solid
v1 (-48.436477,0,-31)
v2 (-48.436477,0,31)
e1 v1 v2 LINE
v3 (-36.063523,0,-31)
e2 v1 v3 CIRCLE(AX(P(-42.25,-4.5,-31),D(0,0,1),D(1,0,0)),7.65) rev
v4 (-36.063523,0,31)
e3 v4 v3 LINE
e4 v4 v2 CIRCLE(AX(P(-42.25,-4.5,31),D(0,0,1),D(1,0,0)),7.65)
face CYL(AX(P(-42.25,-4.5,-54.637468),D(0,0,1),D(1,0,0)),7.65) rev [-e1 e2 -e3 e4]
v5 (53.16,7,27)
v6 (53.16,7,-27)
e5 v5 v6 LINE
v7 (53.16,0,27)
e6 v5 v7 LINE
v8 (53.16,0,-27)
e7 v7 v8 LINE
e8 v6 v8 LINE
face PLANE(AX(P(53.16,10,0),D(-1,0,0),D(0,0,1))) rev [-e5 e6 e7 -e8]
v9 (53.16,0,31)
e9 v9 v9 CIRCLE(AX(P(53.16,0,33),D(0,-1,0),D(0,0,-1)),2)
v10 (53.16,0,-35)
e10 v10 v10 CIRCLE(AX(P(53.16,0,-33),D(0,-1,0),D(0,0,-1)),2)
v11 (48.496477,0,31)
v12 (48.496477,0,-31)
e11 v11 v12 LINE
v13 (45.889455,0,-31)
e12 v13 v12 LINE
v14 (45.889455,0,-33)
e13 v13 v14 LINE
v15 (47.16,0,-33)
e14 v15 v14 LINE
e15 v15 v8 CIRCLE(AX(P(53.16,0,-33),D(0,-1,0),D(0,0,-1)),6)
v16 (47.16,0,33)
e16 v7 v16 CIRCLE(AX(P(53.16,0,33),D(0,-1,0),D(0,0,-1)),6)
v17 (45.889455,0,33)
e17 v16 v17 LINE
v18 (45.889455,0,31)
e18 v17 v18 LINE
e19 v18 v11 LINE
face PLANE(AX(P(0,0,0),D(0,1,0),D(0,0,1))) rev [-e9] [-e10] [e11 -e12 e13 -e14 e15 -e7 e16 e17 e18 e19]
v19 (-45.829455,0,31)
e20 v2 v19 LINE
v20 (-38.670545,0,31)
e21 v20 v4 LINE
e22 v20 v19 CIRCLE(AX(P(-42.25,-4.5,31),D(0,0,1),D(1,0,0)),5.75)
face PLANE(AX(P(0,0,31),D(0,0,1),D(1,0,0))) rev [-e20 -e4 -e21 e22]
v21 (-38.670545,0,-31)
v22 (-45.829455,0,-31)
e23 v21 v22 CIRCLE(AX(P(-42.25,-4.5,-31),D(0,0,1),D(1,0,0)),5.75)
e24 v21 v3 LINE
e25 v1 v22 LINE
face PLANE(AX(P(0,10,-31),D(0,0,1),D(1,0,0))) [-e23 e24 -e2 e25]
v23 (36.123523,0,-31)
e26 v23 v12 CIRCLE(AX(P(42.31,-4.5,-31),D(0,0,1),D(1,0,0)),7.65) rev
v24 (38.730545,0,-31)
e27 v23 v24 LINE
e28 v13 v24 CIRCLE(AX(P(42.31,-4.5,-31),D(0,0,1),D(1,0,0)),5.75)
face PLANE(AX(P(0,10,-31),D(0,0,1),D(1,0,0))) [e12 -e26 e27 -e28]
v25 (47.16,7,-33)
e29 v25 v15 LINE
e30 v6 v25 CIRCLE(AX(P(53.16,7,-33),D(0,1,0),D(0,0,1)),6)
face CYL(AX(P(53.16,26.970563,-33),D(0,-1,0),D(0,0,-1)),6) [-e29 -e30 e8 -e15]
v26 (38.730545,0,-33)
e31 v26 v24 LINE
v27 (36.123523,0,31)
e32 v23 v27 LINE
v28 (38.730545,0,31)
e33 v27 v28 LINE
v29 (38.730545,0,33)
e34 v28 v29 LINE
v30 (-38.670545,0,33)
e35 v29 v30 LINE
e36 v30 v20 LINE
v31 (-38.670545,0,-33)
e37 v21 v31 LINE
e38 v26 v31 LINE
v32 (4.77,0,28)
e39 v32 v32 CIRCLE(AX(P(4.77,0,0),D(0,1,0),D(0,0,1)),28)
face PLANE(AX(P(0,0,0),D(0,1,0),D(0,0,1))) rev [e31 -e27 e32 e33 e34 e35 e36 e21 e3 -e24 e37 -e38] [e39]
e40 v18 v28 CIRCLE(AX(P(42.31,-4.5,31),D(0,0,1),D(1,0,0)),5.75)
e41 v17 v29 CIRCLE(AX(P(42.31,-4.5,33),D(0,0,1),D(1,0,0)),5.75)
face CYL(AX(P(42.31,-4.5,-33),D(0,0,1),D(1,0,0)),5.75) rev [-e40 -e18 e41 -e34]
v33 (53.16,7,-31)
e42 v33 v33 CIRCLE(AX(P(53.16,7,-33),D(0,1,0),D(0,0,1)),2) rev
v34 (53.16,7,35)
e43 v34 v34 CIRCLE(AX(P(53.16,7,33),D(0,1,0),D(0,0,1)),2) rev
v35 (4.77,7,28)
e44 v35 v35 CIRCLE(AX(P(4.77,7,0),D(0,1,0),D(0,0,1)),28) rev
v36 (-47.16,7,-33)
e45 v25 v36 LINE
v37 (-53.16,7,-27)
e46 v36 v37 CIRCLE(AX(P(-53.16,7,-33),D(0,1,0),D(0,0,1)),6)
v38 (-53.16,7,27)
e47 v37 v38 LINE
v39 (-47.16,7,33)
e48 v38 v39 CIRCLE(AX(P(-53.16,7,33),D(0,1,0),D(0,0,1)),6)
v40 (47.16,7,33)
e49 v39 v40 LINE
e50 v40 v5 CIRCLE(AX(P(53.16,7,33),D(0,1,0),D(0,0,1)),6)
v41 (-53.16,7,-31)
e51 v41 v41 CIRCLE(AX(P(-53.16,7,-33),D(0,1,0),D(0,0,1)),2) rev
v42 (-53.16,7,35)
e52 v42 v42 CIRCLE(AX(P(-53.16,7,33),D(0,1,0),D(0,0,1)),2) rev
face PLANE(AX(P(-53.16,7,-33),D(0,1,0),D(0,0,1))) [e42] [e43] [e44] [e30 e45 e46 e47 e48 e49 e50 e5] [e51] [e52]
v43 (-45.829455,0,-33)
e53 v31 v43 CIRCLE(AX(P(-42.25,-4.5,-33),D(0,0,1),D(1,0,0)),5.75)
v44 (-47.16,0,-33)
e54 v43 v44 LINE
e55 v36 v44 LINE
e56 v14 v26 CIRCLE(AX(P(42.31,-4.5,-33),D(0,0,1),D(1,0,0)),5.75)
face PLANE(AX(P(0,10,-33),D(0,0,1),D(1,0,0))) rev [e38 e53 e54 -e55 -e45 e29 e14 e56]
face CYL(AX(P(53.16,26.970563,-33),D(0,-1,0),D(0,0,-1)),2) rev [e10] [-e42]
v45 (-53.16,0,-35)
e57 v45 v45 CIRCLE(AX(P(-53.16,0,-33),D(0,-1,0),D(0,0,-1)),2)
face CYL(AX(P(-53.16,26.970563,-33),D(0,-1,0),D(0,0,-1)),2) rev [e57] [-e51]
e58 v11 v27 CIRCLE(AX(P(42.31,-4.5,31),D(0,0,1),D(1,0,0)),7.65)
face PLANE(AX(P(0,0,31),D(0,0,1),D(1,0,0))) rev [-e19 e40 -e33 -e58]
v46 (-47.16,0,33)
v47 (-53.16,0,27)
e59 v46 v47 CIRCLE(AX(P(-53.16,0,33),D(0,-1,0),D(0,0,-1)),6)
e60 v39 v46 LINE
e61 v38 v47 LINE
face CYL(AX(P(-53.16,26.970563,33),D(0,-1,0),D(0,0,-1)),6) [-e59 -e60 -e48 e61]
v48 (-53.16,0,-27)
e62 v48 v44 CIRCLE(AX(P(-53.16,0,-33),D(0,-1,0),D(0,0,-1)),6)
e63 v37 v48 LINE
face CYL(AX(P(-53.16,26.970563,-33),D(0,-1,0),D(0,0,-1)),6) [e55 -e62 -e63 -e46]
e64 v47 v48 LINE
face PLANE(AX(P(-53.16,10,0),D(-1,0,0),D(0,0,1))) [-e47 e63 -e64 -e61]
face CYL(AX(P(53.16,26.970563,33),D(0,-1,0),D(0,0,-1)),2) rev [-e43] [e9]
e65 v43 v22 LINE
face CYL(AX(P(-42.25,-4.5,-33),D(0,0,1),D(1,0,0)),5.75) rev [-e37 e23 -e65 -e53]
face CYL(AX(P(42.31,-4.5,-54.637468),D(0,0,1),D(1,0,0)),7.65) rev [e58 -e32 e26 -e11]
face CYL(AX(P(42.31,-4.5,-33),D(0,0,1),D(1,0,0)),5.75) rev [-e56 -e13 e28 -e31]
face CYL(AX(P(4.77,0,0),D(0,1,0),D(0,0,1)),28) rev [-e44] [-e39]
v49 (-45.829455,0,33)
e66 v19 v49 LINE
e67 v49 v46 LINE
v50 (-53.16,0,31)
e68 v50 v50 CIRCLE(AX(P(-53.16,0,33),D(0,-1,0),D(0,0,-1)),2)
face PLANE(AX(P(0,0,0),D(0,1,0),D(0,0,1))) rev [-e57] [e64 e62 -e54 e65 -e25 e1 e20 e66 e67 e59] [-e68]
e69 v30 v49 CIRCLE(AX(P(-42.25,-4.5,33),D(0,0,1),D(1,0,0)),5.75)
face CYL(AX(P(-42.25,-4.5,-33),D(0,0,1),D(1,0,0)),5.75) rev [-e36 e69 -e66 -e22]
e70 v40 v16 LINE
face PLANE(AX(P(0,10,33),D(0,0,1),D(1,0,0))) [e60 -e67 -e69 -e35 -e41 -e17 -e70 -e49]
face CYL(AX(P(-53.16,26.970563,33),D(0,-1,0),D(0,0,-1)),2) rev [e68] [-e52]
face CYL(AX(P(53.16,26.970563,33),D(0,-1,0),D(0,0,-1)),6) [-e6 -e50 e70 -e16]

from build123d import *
from build123d.topology import SkipClean

# Parameters (mm, degrees)
SKETCH1_W               = 21.76
SKETCH1_H               = 66
SKETCH1_W_2             = 62.8
BOSS_EXTRUDE1_DEPTH     = 10
SKETCH1_5_W             = 62.8
SKETCH1_5_H             = 66
CUT_EXTRUDE1_DEPTH      = 5
SKETCH3_R               = 7.65
SKETCH3_R_2             = 5.75
CUT_EXTRUDE2_DEPTH      = 62
CUT_EXTRUDE3_DEPTH      = 84.797288739
CUT_EXTRUDE3_DEPTH_BACK = 84.797288739
SKETCH3_3_R             = 5.75
BOSS_EXTRUDE2_DEPTH     = 10
CUT_EXTRUDE4_DEPTH      = 72.560503073
SKETCH5_R               = 28
CUT_EXTRUDE5_DEPTH      = 72.560503073
BOSS_EXTRUDE3_DEPTH     = 5
CUT_EXTRUDE6_START      = -3
CUT_EXTRUDE6_DEPTH      = 3


with BuildPart() as part:
    # Sketch1 → Boss-Extrude1 (new body)
    with BuildSketch(Plane(origin=(0, 0, 0), x_dir=(1, 0, 0), z_dir=(0, 1, 0))):
        with Locations((-42.28, 0)):
            Rectangle(SKETCH1_W, SKETCH1_H)
        Rectangle(SKETCH1_W_2, SKETCH1_H)
        with Locations((42.28, 0)):
            Rectangle(SKETCH1_W, SKETCH1_H)
    extrude(amount=BOSS_EXTRUDE1_DEPTH)

    # Sketch1<5> → Cut-Extrude1 (cut)
    with BuildSketch(Plane(origin=(0, 0, 0), x_dir=(1, 0, 0), z_dir=(0, 1, 0))):
        Rectangle(SKETCH1_5_W, SKETCH1_5_H)
    extrude(amount=CUT_EXTRUDE1_DEPTH, mode=Mode.SUBTRACT)

    # Sketch3 → Cut-Extrude2 (cut)
    # profile 1 of 4: a face of its own
    with BuildSketch(Plane.XY.offset(31)):
        with Locations((-42.25, -4.5)):
            Circle(SKETCH3_R)
        with Locations((-42.25, -4.5)):
            Circle(SKETCH3_R_2, mode=Mode.SUBTRACT)
    # profile 2 of 4: a face of its own
    with BuildSketch(Plane.XY.offset(31)):
        with Locations((-42.25, -4.5)):
            Circle(SKETCH3_R_2)
    # profile 3 of 4: a face of its own
    with BuildSketch(Plane.XY.offset(31)):
        with Locations((42.31, -4.5)):
            Circle(SKETCH3_R)
        with Locations((42.31, -4.5)):
            Circle(SKETCH3_R_2, mode=Mode.SUBTRACT)
    # profile 4 of 4: a face of its own
    with BuildSketch(Plane.XY.offset(31)):
        with Locations((42.31, -4.5)):
            Circle(SKETCH3_R_2)
    extrude(amount=-CUT_EXTRUDE2_DEPTH, mode=Mode.SUBTRACT)

    # Sketch3<3> → Cut-Extrude3 (cut, two sides: drawn at the far end of the back side and taken through both)
    with BuildSketch(Plane.XY.offset(31).offset(-CUT_EXTRUDE3_DEPTH_BACK)):
        with Locations((42.31, -4.5)):
            Circle(SKETCH3_3_R)
        with Locations((-42.25, -4.5)):
            Circle(SKETCH3_3_R)
    extrude(amount=CUT_EXTRUDE3_DEPTH + CUT_EXTRUDE3_DEPTH_BACK, mode=Mode.SUBTRACT)

    # Sketch4 → Boss-Extrude2 (add)
    with BuildSketch(Plane.XZ):
        with BuildLine():
            Line((-51.16, 33), (-47.16, 33))
            ThreePointArc((-47.16, 33), (-57.402640687, 37.242640687), (-53.16, 27))
            Line((-53.16, 27), (-53.16, 31))
            ThreePointArc((-53.16, 31), (-54.574213562, 34.414213562), (-51.16, 33))
        make_face()
        with BuildLine():
            ThreePointArc((-53.16, -27), (-57.402640687, -37.242640687), (-47.16, -33))
            Line((-47.16, -33), (-51.16, -33))
            ThreePointArc((-51.16, -33), (-54.574213562, -34.414213562), (-53.16, -31))
            Line((-53.16, -31), (-53.16, -27))
        make_face()
        with BuildLine():
            ThreePointArc((47.16, -33), (57.402640687, -37.242640687), (53.16, -27))
            Line((53.16, -27), (53.16, -31))
            ThreePointArc((53.16, -31), (54.574213562, -34.414213562), (51.16, -33))
            Line((51.16, -33), (47.16, -33))
        make_face()
        with BuildLine():
            ThreePointArc((53.16, 27), (57.402640687, 37.242640687), (47.16, 33))
            Line((47.16, 33), (51.16, 33))
            ThreePointArc((51.16, 33), (54.574213562, 34.414213562), (53.16, 31))
            Line((53.16, 31), (53.16, 27))
        make_face()
    extrude(amount=-BOSS_EXTRUDE2_DEPTH)

    # Sketch4<3> → Cut-Extrude4 (cut, through all)
    with SkipClean():  # the faces are left unmerged after this step: merging them gives an invalid solid
        with BuildSketch(Plane.XZ):
            with BuildLine():
                ThreePointArc((51.16, 33), (51.745786438, 31.585786438), (53.16, 31))
                Line((53.16, 31), (53.16, 33))
                Line((53.16, 33), (51.16, 33))
            make_face()
            with BuildLine():
                Line((53.16, 33), (53.16, 31))
                ThreePointArc((53.16, 31), (54.574213562, 31.585786438), (55.16, 33))
                ThreePointArc((55.16, 33), (53.16, 35), (51.16, 33))
                Line((51.16, 33), (53.16, 33))
            make_face()
            with BuildLine():
                ThreePointArc((55.16, -33), (54.574213562, -31.585786438), (53.16, -31))
                Line((53.16, -31), (53.16, -33))
                Line((53.16, -33), (51.16, -33))
                ThreePointArc((51.16, -33), (53.16, -35), (55.16, -33))
            make_face()
            with BuildLine():
                Line((53.16, -33), (53.16, -31))
                ThreePointArc((53.16, -31), (51.745786438, -31.585786438), (51.16, -33))
                Line((51.16, -33), (53.16, -33))
            make_face()
            with BuildLine():
                ThreePointArc((-53.16, -31), (-54.574213562, -34.414213562), (-51.16, -33))
                Line((-51.16, -33), (-53.16, -33))
                Line((-53.16, -33), (-53.16, -31))
            make_face()
            with BuildLine():
                Line((-53.16, -33), (-51.16, -33))
                ThreePointArc((-51.16, -33), (-51.745786438, -31.585786438), (-53.16, -31))
                Line((-53.16, -31), (-53.16, -33))
            make_face()
            with BuildLine():
                ThreePointArc((-53.16, 31), (-51.745786438, 31.585786438), (-51.16, 33))
                Line((-51.16, 33), (-53.16, 33))
                Line((-53.16, 33), (-53.16, 31))
            make_face()
            with BuildLine():
                Line((-53.16, 33), (-51.16, 33))
                ThreePointArc((-51.16, 33), (-54.574213562, 34.414213562), (-53.16, 31))
                Line((-53.16, 31), (-53.16, 33))
            make_face()
        extrude(amount=-CUT_EXTRUDE4_DEPTH, mode=Mode.SUBTRACT)

    # Sketch5 → Cut-Extrude5 (cut, through all)
    with SkipClean():  # the faces are left unmerged after this step: merging them gives an invalid solid
        with BuildSketch(Plane(origin=(0, 10, 0), x_dir=(1, 0, 0), z_dir=(0, 1, 0))):
            with Locations(Location((4.77, 0, 0), (0, 0, 270))):
                Circle(SKETCH5_R)
        extrude(amount=-CUT_EXTRUDE5_DEPTH, mode=Mode.SUBTRACT)

    # Sketch6 → Boss-Extrude3 (add)
    with SkipClean():  # the faces are left unmerged after this step: merging them gives an invalid solid
        with BuildSketch(Plane.XZ.offset(-5)):
            with BuildLine():
                Line((31.4, -33), (31.4, -8.651190669))
                ThreePointArc((31.4, -8.651190669), (-23.23, 0), (31.4, 8.651190669))
                Line((31.4, 8.651190669), (31.4, 33))
                Line((31.4, 33), (-31.4, 33))
                Line((-31.4, 33), (-31.4, -33))
                Line((-31.4, -33), (31.4, -33))
            make_face()
        extrude(amount=BOSS_EXTRUDE3_DEPTH)

    # Sketch8 → Cut-Extrude6 (cut)
    with SkipClean():  # the faces are left unmerged after this step: merging them gives an invalid solid
        with BuildSketch(Plane(origin=(0, 10, 0), x_dir=(1, 0, 0), z_dir=(0, 1, 0)).offset(CUT_EXTRUDE6_START)):
            with BuildLine():
                Line((-53.16, 27), (-53.16, -27))
                ThreePointArc((-53.16, -27), (-57.402640687, -37.242640687), (-47.16, -33))
                Line((-47.16, -33), (47.16, -33))
                ThreePointArc((47.16, -33), (57.402640687, -37.242640687), (53.16, -27))
                Line((53.16, -27), (53.16, 27))
                ThreePointArc((53.16, 27), (57.402640687, 37.242640687), (47.16, 33))
                Line((47.16, 33), (-47.16, 33))
                ThreePointArc((-47.16, 33), (-57.402640687, 37.242640687), (-53.16, 27))
            make_face()
        extrude(amount=CUT_EXTRUDE6_DEPTH, mode=Mode.SUBTRACT)


solid = part.part
